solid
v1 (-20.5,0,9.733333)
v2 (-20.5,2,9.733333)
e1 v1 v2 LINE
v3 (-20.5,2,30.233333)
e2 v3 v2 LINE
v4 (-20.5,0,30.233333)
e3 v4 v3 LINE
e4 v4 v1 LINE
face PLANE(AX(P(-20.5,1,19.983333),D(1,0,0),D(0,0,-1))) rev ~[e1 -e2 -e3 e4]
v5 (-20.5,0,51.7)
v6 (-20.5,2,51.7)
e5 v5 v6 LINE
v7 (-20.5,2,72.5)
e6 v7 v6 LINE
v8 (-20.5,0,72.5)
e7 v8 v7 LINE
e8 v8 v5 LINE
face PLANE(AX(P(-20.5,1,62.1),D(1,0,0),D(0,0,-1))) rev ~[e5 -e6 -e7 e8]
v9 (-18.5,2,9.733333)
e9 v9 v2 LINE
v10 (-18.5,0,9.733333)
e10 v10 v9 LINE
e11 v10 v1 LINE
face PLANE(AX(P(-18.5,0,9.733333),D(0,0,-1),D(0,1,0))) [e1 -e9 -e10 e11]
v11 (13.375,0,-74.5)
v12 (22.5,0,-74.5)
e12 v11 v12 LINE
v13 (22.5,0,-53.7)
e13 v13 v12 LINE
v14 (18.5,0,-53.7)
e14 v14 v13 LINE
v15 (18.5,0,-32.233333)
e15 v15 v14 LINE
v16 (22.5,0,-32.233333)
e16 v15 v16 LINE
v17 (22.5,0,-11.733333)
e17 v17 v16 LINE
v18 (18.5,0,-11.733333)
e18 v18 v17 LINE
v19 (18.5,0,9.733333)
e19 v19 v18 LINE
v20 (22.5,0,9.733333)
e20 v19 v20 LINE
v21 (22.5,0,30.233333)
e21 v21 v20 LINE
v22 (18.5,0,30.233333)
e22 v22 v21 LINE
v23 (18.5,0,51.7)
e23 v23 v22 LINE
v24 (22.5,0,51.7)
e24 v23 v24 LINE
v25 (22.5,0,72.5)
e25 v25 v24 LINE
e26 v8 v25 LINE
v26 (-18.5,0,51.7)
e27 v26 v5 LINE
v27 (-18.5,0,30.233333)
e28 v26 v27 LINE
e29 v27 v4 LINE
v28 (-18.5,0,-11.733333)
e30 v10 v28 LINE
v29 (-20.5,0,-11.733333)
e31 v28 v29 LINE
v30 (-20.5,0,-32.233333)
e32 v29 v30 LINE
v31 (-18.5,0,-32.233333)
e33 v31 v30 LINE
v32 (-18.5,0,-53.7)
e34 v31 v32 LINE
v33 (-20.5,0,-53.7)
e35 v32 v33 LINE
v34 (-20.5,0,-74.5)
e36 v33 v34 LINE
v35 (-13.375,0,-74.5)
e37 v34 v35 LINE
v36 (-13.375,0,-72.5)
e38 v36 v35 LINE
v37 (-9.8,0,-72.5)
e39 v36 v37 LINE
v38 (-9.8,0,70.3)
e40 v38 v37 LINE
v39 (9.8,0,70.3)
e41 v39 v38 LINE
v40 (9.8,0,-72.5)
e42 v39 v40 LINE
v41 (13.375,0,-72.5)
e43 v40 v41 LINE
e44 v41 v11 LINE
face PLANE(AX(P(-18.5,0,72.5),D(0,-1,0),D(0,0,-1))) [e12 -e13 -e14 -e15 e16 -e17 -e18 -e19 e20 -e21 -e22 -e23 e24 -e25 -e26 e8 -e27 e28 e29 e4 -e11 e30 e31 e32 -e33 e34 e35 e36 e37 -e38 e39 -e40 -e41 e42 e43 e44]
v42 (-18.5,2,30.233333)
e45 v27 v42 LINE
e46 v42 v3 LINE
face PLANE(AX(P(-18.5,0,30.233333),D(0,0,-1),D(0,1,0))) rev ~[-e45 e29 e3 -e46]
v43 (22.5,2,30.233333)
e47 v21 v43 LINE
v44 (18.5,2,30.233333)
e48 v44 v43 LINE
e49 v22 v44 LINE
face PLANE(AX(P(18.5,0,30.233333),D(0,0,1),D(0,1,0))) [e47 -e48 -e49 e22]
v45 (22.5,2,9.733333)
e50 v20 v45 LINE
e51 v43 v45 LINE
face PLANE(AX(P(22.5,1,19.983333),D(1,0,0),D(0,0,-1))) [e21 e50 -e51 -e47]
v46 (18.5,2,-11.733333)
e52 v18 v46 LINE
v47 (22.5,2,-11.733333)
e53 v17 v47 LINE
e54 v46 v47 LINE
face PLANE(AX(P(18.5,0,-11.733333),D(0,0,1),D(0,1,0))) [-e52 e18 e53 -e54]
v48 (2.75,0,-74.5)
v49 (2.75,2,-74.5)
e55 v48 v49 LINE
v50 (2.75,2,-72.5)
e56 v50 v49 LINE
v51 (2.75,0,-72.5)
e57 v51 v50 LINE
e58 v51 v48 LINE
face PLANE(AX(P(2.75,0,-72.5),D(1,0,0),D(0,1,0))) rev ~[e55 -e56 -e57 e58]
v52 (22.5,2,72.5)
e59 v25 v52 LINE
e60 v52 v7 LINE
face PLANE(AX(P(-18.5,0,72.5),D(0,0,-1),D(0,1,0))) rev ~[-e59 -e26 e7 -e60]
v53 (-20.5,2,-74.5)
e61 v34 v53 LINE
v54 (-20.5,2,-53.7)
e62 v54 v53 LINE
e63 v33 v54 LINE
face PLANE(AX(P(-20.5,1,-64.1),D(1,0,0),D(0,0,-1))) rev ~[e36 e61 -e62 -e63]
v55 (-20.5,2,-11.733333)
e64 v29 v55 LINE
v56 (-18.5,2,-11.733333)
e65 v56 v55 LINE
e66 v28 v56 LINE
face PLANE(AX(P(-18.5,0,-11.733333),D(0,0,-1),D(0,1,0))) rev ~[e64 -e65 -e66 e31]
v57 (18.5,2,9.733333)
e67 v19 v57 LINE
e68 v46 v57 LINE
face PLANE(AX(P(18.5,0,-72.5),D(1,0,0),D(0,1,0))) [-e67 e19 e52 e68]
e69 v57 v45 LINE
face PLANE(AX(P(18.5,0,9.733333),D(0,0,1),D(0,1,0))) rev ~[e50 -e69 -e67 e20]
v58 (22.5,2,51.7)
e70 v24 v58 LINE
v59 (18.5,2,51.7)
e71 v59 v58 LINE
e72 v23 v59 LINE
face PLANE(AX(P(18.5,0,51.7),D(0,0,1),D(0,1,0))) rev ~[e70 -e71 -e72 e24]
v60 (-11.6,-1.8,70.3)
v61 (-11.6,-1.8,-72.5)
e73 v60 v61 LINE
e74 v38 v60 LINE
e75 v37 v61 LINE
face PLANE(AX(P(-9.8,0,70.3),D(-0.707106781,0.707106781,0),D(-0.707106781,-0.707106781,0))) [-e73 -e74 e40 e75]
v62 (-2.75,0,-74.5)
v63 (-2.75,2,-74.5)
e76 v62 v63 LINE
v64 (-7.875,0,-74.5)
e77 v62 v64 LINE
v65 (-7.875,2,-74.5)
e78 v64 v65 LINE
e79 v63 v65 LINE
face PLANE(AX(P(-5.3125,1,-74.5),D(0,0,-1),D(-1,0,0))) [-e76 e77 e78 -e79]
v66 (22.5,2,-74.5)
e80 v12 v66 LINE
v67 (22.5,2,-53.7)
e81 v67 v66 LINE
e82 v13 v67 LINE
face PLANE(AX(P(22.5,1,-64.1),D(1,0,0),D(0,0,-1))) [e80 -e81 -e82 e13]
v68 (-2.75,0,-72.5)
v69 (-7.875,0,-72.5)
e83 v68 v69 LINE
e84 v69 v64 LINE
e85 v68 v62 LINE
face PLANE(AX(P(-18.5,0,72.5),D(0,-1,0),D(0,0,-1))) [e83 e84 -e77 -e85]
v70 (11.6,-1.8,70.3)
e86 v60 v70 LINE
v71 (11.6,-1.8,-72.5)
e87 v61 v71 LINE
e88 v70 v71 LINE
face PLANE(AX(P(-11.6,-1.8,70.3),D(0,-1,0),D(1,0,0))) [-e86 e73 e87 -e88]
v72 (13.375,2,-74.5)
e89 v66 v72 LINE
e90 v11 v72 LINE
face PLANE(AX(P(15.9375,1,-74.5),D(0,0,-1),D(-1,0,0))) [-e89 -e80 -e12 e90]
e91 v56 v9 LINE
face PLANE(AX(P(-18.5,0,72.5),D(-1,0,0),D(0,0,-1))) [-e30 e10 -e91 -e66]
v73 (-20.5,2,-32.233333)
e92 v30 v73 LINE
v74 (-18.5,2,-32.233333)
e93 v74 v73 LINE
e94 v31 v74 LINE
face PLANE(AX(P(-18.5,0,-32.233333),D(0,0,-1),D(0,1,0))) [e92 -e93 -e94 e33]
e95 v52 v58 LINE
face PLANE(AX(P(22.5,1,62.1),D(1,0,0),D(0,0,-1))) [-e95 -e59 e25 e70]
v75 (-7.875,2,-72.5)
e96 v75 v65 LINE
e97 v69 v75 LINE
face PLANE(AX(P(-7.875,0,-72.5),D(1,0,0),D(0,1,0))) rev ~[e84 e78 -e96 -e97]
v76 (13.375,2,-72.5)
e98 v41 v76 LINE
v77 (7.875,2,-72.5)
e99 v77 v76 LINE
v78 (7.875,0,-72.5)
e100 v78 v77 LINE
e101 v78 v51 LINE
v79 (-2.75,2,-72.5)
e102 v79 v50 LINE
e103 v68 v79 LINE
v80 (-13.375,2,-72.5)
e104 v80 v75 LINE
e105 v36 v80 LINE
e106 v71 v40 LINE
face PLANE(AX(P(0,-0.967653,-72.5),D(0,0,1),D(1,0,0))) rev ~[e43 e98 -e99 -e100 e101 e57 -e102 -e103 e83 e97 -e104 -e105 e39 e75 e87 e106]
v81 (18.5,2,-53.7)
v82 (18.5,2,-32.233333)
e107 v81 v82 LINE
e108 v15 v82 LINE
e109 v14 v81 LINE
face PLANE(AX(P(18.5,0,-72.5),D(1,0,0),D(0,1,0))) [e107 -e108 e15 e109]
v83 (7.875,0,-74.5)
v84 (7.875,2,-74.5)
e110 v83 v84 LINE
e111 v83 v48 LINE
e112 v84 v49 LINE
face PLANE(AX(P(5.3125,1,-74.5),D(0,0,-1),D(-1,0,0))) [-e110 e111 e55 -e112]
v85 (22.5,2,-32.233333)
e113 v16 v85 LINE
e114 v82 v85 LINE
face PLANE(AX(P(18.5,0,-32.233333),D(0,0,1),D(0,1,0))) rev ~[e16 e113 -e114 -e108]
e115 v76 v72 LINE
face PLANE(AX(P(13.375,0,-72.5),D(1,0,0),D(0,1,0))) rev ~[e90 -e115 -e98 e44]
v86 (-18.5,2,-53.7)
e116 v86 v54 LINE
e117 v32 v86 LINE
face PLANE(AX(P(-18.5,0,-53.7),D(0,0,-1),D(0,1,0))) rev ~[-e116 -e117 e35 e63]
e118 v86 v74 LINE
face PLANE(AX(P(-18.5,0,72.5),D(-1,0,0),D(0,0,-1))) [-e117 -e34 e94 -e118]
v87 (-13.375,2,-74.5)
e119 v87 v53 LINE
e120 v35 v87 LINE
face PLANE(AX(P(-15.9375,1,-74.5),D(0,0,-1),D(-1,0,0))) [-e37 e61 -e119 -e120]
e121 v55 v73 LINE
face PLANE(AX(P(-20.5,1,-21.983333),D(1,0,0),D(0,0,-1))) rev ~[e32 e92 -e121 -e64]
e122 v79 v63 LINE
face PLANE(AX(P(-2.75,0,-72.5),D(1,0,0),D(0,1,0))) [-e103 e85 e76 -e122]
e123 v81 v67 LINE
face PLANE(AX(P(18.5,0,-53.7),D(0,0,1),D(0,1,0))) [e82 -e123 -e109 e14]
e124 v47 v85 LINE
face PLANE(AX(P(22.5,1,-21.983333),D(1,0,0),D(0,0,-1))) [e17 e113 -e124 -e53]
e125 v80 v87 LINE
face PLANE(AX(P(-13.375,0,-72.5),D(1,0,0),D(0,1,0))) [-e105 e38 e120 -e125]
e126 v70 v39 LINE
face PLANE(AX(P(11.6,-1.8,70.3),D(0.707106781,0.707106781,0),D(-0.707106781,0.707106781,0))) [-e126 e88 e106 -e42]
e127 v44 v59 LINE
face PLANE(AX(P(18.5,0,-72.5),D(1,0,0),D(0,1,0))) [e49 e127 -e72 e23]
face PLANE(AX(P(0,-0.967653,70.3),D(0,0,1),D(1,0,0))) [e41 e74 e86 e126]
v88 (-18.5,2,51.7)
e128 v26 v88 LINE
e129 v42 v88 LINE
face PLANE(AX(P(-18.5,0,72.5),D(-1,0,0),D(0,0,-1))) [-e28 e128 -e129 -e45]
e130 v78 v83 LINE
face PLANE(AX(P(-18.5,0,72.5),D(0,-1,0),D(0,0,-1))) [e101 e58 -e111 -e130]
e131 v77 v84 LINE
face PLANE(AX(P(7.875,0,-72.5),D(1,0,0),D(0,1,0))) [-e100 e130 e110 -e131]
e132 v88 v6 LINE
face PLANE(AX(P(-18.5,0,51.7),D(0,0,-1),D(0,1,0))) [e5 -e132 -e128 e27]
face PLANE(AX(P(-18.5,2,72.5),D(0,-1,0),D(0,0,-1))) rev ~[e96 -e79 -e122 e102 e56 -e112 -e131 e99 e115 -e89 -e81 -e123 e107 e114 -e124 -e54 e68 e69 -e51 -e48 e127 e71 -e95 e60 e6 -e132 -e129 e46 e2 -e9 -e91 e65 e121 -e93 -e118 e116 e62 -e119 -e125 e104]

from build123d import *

# Parameters (mm, degrees)
SKETCH_4_W      = 37
SKETCH_4_H      = 145
EXTRUDE_1_DEPTH = 2
SKETCH_5_W      = 5.125
SKETCH_5_H      = 2
EXTRUDE_2_DEPTH = 2
SKETCH_7_W      = 20.8
SKETCH_7_H      = 2
SKETCH_7_W_2    = 20.5
EXTRUDE_3_DEPTH = 4
EXTRUDE_START   = -37
SKETCH_7_2_W    = 20.8
SKETCH_7_2_H    = 2
SKETCH_7_2_W_2  = 20.5
EXTRUDE_4_DEPTH = 2
EXTRUDE_START_2 = -2.2
EXTRUDE_5_DEPTH = 142.8


with BuildPart() as part:
    # 草图4 → 凸台-拉伸1 (new body)
    with BuildSketch(Plane(origin=(0, 0, 0), x_dir=(1, 0, 0), z_dir=(0, 1, 0))):
        Rectangle(SKETCH_4_W, SKETCH_4_H)
    extrude(amount=EXTRUDE_1_DEPTH)

    # 草图5 → 凸台-拉伸2 (add)
    with BuildSketch(Plane(origin=(0, 0, -72.5), x_dir=(-1, 0, 0), z_dir=(0, 0, -1))):
        with Locations((-15.9375, 1)):
            Rectangle(SKETCH_5_W, SKETCH_5_H)
        with Locations((-5.3125, 1)):
            Rectangle(SKETCH_5_W, SKETCH_5_H)
        with Locations((5.3125, 1)):
            Rectangle(SKETCH_5_W, SKETCH_5_H)
        with Locations((15.9375, 1)):
            Rectangle(SKETCH_5_W, SKETCH_5_H)
    extrude(amount=EXTRUDE_2_DEPTH)

    # 草图7 → 凸台-拉伸3 (add)
    with BuildSketch(Plane(origin=(18.5, 0, 0), x_dir=(0, 0, -1), z_dir=(1, 0, 0))):
        with Locations((-62.1, 1)):
            Rectangle(SKETCH_7_W, SKETCH_7_H)
        with Locations((-19.983333333, 1)):
            Rectangle(SKETCH_7_W_2, SKETCH_7_H)
        with Locations((21.983333333, 1)):
            Rectangle(SKETCH_7_W_2, SKETCH_7_H)
        with Locations((64.1, 1)):
            Rectangle(SKETCH_7_W, SKETCH_7_H)
    extrude(amount=EXTRUDE_3_DEPTH)

    # 草图7<2> → 凸台-拉伸4 (add)
    with BuildSketch(Plane(origin=(18.5, 0, 0), x_dir=(0, 0, -1), z_dir=(1, 0, 0)).offset(EXTRUDE_START)):
        with Locations((-62.1, 1)):
            Rectangle(SKETCH_7_2_W, SKETCH_7_2_H)
        with Locations((-19.983333333, 1)):
            Rectangle(SKETCH_7_2_W_2, SKETCH_7_2_H)
        with Locations((21.983333333, 1)):
            Rectangle(SKETCH_7_2_W_2, SKETCH_7_2_H)
        with Locations((64.1, 1)):
            Rectangle(SKETCH_7_2_W, SKETCH_7_2_H)
    extrude(amount=-EXTRUDE_4_DEPTH)

    # 草图9 → 凸台-拉伸5 (add)
    with BuildSketch(Plane.XY.offset(72.5).offset(EXTRUDE_START_2)):
        Polygon((-9.8, 0), (-11.6, -1.8), (-9.8, -1.8), (9.8, -1.8), (11.6, -1.8), (9.8, 0), align=None)
    extrude(amount=-EXTRUDE_5_DEPTH)


solid = part.part
